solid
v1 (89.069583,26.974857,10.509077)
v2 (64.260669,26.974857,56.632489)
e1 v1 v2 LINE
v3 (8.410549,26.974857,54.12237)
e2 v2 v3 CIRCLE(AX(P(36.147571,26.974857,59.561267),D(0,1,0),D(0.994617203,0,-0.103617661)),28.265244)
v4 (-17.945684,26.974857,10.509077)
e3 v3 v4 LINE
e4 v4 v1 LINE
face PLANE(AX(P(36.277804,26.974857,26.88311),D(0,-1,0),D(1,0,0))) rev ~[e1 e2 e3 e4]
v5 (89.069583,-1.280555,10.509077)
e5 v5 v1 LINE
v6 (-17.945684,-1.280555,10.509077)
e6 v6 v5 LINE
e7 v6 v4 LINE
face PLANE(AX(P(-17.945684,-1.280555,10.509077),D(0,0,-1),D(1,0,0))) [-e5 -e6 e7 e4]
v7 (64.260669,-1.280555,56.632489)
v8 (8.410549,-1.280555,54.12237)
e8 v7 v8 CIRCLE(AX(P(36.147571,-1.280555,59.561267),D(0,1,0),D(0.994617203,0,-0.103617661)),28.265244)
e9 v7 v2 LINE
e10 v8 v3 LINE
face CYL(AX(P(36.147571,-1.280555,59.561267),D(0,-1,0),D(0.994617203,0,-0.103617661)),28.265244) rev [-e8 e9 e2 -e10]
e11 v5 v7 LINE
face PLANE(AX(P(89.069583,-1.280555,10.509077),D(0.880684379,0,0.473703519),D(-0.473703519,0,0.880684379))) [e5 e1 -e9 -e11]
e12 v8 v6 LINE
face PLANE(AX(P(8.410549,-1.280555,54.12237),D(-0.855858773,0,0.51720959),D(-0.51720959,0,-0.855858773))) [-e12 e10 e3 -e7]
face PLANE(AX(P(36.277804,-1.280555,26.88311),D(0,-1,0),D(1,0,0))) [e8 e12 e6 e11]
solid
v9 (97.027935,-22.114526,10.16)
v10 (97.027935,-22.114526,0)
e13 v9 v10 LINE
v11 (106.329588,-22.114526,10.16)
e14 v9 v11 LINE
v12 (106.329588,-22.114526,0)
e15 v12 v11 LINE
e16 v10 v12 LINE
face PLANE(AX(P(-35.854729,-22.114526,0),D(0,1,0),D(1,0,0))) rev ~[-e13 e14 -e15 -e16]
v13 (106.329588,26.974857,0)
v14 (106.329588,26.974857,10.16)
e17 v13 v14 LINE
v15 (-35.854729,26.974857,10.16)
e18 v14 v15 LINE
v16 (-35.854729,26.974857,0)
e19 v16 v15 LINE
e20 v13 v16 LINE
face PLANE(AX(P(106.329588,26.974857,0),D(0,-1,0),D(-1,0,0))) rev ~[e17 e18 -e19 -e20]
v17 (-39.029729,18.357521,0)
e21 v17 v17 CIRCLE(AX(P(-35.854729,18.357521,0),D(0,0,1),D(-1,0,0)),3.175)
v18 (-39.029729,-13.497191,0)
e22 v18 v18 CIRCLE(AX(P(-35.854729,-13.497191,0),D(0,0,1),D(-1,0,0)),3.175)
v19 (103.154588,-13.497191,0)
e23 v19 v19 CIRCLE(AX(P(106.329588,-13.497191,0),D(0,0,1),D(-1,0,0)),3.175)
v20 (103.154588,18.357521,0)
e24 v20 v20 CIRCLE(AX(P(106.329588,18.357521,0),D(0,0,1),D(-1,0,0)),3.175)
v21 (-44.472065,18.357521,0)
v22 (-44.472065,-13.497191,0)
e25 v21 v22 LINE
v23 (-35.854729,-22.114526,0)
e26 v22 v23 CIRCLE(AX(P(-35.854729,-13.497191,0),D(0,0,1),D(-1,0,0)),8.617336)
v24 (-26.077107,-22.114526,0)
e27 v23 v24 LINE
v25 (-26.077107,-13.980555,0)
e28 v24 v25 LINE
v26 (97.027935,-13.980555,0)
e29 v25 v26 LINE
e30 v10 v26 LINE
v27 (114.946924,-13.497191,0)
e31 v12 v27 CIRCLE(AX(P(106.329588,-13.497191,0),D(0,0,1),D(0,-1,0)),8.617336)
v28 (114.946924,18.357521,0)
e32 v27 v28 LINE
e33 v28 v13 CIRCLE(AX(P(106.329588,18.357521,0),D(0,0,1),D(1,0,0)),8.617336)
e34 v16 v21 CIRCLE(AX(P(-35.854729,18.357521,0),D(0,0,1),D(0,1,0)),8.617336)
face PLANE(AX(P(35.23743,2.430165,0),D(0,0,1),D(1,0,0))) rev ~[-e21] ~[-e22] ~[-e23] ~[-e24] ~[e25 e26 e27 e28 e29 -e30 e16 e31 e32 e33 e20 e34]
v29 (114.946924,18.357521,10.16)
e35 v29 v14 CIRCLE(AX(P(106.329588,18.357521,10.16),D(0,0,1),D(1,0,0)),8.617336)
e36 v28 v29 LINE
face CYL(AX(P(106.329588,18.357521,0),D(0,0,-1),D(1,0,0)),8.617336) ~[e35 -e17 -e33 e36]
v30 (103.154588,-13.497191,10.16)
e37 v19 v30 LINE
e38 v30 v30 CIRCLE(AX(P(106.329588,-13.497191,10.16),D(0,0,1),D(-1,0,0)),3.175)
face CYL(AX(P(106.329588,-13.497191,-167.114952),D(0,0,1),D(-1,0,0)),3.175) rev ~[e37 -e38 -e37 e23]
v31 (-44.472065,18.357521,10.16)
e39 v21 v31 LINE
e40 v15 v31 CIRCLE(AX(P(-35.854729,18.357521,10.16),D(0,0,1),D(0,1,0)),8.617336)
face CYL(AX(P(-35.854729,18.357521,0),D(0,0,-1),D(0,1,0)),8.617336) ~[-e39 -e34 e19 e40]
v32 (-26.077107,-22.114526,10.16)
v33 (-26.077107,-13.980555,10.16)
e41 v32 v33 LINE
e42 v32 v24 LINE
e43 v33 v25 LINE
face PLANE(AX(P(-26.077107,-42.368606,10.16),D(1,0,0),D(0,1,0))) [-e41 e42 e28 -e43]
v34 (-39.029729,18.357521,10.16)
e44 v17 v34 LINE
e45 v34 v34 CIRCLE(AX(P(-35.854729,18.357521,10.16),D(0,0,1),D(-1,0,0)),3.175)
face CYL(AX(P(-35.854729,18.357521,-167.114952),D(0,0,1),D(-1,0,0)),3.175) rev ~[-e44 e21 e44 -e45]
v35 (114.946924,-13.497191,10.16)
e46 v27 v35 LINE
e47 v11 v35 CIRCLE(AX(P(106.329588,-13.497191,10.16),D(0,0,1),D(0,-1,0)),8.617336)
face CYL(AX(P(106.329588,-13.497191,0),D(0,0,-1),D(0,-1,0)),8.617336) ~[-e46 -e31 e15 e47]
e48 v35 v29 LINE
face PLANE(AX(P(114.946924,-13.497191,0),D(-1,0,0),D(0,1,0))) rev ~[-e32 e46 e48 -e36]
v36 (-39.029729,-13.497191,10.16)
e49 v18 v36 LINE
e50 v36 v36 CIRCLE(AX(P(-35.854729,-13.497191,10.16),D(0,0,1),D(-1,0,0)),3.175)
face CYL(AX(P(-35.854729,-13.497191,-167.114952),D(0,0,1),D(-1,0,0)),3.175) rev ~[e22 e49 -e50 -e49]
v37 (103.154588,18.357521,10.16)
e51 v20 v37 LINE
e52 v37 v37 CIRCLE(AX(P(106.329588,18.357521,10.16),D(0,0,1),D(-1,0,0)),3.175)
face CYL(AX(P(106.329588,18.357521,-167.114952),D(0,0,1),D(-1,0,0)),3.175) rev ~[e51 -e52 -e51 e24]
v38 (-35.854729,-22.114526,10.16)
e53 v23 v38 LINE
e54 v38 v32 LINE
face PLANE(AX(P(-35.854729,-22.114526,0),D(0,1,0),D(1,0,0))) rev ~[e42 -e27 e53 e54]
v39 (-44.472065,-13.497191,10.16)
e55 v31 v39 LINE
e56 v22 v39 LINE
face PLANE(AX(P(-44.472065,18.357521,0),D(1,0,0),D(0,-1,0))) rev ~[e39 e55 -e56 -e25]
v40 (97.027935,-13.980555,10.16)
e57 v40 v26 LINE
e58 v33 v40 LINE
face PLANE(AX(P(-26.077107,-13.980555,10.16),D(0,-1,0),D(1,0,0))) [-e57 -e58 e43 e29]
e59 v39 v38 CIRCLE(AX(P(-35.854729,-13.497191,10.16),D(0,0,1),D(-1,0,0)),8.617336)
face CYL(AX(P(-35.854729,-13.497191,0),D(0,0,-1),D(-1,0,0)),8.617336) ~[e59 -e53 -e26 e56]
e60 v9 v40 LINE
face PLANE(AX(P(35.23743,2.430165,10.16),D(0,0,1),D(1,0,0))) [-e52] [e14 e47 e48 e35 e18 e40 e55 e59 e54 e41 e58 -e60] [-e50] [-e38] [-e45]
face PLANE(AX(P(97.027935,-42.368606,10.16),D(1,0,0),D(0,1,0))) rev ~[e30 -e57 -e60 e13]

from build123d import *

# Parameters (mm, degrees)
F2_DEPTH = 10.16
F3_W     = 123.1050416827
F3_H     = 28.3880503848
F4_DEPTH = 10.161
F5_D     = 6.35
F8_DEPTH = 28.2554122016


with BuildPart() as f2:
    # F1 (on face) → F2 (new body)
    with BuildSketch(Plane.XY):
        with BuildLine():
            ThreePointArc((114.94692415, 18.357520923), (112.4229648917, 24.4508975952), (106.3295882195, 26.9748568535))
            Line((106.3295882195, 26.9748568535), (-35.8547288924, 26.9748568535))
            ThreePointArc((-35.8547288924, 26.9748568535), (-41.9481055646, 24.4508975952), (-44.4720648229, 18.357520923))
            Line((-44.4720648229, 18.357520923), (-44.4720648229, -13.49719055))
            ThreePointArc((-44.4720648229, -13.49719055), (-41.9481055646, -19.5905672222), (-35.8547288924, -22.1145264804))
            Line((-35.8547288924, -22.1145264804), (106.3295882195, -22.1145264804))
            ThreePointArc((106.3295882195, -22.1145264804), (112.4229648917, -19.5905672222), (114.94692415, -13.49719055))
            Line((114.94692415, -13.49719055), (114.94692415, 18.357520923))
        make_face()
    extrude(amount=F2_DEPTH)

    # F3 (on face) → F4 (cut, through all)
    with BuildSketch(Plane.XY.offset(10.16)):
        with Locations((35.4754142463, -28.1745805405)):
            Rectangle(F3_W, F3_H)
    extrude(amount=-F4_DEPTH, mode=Mode.SUBTRACT)

    # F5 (through all)
    with Locations(Plane(origin=(0, 0, 0), x_dir=(1, 0, 0), z_dir=(0, 0, -1))):
        with Locations((106.3295882195, -18.357520923), (106.3295882195, 13.49719055), (-35.8547288924, 13.49719055), (-35.8547288924, -18.357520923)):
            Hole(F5_D / 2)


with BuildPart() as f8:
    # F7 (on offset) → F8 (new body, through all)
    with BuildSketch(Plane.XZ.offset(1.2805553481)):
        with BuildLine():
            Line((8.4105487913, 54.1223697364), (-17.9456844926, 10.5090765283))
            Line((-17.9456844926, 10.5090765283), (89.0695827941, 10.5090765283))
            Line((89.0695827941, 10.5090765283), (64.2606690526, 56.632488966))
            ThreePointArc((64.2606690526, 56.632488966), (37.4166388516, 31.3245274547), (8.4105487913, 54.1223697364))
        make_face()
    extrude(amount=-F8_DEPTH)


solid = Compound([f2.part, f8.part])
